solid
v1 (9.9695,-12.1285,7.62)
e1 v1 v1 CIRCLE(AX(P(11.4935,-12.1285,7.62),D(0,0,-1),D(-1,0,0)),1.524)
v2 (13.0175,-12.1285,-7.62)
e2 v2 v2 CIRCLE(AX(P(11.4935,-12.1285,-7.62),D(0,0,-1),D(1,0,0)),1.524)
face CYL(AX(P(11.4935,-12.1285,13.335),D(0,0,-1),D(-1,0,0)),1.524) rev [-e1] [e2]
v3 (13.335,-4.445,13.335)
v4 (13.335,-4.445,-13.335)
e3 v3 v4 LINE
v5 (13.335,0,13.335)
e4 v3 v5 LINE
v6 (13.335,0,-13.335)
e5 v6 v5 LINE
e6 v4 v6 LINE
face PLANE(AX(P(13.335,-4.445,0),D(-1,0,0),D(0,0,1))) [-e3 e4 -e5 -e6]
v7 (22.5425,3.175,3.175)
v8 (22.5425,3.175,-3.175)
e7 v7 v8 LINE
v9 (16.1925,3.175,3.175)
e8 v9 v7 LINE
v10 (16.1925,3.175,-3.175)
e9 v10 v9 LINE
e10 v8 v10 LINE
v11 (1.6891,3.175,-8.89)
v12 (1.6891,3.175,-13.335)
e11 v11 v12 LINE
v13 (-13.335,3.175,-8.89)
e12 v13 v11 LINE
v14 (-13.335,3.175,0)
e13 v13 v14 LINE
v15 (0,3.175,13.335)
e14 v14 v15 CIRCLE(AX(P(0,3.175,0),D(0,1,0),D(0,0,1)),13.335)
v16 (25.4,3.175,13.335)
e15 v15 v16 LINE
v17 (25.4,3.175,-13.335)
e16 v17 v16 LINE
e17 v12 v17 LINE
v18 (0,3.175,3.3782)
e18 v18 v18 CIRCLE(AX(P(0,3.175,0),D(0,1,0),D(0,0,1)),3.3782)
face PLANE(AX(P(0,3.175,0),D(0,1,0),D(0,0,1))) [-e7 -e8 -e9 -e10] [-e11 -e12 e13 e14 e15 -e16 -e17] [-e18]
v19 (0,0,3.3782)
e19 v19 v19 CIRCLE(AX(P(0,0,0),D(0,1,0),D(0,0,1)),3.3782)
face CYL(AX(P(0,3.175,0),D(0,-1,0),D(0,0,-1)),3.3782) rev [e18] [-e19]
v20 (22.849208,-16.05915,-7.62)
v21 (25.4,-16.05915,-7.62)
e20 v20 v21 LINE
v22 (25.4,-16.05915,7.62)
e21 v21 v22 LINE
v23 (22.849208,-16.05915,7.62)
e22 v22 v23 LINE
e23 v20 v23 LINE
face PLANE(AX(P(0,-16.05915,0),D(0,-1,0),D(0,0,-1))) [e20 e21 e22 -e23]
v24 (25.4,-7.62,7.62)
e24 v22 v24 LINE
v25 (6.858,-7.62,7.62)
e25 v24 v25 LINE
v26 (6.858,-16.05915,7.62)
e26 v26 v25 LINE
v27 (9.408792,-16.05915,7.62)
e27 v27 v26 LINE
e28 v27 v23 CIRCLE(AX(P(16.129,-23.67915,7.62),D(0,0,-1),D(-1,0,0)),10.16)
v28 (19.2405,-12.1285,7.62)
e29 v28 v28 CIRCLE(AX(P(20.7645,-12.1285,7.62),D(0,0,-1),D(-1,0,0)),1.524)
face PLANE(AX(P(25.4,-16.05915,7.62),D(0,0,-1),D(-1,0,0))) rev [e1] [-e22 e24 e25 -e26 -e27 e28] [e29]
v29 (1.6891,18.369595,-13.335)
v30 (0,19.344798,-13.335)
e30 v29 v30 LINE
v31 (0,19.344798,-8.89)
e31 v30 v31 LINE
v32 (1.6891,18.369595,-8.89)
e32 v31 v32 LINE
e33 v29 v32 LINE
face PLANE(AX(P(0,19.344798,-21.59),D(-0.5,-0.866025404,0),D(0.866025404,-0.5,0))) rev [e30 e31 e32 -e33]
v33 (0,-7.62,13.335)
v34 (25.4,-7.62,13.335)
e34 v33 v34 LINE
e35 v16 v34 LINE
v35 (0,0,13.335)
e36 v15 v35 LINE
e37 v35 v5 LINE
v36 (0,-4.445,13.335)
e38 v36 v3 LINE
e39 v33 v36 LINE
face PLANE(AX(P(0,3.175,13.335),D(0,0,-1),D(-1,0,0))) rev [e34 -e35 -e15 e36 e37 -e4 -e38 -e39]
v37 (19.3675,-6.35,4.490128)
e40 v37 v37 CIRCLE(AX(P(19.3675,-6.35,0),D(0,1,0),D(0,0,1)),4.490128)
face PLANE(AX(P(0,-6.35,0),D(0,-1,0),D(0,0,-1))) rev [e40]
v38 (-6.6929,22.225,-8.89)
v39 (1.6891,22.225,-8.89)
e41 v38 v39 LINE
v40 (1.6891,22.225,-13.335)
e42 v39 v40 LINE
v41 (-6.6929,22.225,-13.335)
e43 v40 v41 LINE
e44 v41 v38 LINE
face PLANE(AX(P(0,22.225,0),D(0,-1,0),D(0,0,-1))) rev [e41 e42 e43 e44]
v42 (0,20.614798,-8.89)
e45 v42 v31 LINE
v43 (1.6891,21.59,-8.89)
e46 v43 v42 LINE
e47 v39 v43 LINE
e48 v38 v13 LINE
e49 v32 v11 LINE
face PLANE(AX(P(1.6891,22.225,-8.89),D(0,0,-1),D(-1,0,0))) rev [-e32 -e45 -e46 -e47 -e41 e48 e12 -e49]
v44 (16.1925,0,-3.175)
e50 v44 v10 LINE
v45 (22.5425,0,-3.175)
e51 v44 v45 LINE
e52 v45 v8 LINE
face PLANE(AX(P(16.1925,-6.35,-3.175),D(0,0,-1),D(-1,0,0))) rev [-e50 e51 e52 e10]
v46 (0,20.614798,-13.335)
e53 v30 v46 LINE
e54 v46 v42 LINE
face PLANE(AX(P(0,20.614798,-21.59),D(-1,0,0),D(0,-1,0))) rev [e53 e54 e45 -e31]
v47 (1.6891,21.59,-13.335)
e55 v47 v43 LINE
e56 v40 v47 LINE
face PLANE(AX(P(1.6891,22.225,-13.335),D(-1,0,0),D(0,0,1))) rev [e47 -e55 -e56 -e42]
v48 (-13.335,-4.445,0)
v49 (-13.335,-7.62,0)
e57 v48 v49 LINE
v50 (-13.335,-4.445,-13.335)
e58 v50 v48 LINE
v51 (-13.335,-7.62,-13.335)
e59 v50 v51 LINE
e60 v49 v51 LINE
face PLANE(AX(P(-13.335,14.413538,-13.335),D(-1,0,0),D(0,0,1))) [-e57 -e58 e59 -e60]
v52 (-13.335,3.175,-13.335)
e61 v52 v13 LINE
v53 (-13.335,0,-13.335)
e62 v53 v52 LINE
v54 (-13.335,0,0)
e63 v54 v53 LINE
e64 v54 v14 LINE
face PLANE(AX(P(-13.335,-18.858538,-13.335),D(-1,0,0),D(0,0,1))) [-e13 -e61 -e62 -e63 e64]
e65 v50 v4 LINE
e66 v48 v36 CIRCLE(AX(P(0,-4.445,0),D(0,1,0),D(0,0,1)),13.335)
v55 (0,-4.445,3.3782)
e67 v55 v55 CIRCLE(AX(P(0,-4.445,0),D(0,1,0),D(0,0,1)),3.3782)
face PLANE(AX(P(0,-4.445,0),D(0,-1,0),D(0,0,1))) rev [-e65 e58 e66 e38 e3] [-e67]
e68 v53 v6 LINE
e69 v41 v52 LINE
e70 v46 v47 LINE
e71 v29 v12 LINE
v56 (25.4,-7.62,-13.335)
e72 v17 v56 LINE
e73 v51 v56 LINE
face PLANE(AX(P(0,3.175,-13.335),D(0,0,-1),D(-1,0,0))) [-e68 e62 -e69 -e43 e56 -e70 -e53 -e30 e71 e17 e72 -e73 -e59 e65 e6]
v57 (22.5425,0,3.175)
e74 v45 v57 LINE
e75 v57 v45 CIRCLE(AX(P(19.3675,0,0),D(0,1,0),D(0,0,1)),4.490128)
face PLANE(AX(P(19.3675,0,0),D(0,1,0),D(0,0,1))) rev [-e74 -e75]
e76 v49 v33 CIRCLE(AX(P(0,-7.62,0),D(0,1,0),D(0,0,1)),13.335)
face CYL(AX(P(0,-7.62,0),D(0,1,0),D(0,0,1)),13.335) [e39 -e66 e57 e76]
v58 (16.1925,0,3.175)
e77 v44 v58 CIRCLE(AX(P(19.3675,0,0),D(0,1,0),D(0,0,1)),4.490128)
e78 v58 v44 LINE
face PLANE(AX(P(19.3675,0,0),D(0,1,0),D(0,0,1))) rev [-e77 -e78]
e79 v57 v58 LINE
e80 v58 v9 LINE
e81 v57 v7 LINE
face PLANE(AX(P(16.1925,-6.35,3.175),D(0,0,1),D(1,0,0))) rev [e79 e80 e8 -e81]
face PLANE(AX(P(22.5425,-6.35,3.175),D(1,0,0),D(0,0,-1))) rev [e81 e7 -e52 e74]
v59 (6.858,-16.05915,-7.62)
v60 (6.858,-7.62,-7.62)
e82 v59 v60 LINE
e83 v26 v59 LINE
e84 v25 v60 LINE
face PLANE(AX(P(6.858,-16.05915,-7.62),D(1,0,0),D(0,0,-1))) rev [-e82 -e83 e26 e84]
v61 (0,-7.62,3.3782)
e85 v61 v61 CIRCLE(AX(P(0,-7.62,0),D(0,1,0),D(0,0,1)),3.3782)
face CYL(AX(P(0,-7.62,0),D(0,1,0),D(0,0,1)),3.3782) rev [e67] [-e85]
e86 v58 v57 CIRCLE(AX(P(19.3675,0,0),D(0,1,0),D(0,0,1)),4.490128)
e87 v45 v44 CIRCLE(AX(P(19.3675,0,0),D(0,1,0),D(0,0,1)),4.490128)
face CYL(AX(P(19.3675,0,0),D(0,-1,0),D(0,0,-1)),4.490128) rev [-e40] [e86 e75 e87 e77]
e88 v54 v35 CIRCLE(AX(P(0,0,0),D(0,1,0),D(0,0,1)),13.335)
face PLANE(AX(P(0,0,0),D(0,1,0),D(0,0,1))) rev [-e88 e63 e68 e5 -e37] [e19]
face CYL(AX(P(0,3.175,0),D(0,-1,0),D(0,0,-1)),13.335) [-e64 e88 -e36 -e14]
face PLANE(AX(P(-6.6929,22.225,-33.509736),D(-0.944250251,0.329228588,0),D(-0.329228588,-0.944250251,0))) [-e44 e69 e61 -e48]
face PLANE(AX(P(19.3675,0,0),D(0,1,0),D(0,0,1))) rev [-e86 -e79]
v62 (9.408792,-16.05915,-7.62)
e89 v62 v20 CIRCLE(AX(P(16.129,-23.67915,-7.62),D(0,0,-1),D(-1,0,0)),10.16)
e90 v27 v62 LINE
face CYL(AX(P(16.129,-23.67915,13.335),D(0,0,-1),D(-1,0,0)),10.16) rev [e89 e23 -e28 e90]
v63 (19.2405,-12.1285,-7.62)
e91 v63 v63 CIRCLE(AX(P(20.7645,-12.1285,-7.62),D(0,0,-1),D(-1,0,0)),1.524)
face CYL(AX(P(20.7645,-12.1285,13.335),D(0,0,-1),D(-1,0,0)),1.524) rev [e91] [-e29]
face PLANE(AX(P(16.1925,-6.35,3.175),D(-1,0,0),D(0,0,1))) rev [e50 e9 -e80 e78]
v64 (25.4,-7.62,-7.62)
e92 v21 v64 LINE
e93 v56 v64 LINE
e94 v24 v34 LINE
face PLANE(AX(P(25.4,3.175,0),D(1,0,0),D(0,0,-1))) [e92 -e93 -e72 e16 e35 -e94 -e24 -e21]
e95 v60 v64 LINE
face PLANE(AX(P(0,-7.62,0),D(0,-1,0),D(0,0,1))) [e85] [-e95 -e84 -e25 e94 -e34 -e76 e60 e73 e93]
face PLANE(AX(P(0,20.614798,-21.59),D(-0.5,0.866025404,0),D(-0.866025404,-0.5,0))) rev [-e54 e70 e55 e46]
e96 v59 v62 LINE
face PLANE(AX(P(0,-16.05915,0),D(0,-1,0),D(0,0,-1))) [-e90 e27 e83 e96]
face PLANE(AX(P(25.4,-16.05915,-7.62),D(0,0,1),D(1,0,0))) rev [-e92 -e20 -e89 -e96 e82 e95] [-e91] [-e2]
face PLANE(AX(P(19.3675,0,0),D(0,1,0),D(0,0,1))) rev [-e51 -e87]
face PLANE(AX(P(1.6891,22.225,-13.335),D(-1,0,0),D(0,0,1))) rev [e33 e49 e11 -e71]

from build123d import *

# Parameters (mm, degrees)
SKETCH1_R            = 3.3782
BOSS_EXTRUDE1_DEPTH  = 3.175
BOSS_EXTRUDE2_DEPTH  = 4.445
SKETCH7_W            = 18.542
SKETCH7_H            = 15.24
BOSS_EXTRUDE4_DEPTH  = 8.43915
SKETCH8_R            = 1.524
CUT_EXTRUDE3_DEPTH   = 21.955
SKETCH9_R            = 10.16
CUT_EXTRUDE4_DEPTH   = 21.955
SKETCH22_W           = 6.35
SKETCH22_H           = 6.35
CUT_EXTRUDE6_DEPTH   = 9.525
SKETCH23_R           = 4.490128061
CUT_EXTRUDE7_DEPTH   = 6.35
BOSS_EXTRUDE10_DEPTH = 3.175
BOSS_EXTRUDE11_DEPTH = 3.175
SKETCH19_W           = 8.382
SKETCH19_H           = 4.445
BOSS_EXTRUDE12_DEPTH = 19.05
BOSS_EXTRUDE13_DEPTH = 4.445
CUT_EXTRUDE5_DEPTH   = 12.7


with BuildPart() as part:
    # Sketch1 → Boss-Extrude1 (new body)
    with BuildSketch(Plane(origin=(0, 0, 0), x_dir=(1, 0, 0), z_dir=(0, 1, 0))):
        with BuildLine():
            Line((0, -13.335), (25.4, -13.335))
            Line((25.4, -13.335), (25.4, 13.335))
            Line((25.4, 13.335), (0, 13.335))
            ThreePointArc((0, 13.335), (-13.335, 0), (0, -13.335))
        make_face()
        Circle(SKETCH1_R, mode=Mode.SUBTRACT)
    boss_extrude1 = extrude(amount=BOSS_EXTRUDE1_DEPTH)

    # Sketch2 → Boss-Extrude2 (add)
    with BuildSketch(Plane(origin=(0, 0, 0), x_dir=(-1, 0, 0), z_dir=(0, -1, 0))):
        Polygon((-25.4, 13.335), (-25.4, -13.335), (-13.335, -13.335), (-13.335, 0), (-13.335, 13.335), align=None)
    extrude(amount=BOSS_EXTRUDE2_DEPTH)

    # Mirror2: Boss-Extrude1 across plane
    add(boss_extrude1.mirror(Plane(origin=(0, -2.2225, 0), x_dir=(0, 0, 1), z_dir=(0, -1, 0))))

    # Sketch7 → Boss-Extrude4 (add)
    with BuildSketch(Plane(origin=(0, -7.62, 0), x_dir=(-1, 0, 0), z_dir=(0, -1, 0))):
        with Locations((-16.129, 0)):
            Rectangle(SKETCH7_W, SKETCH7_H)
    extrude(amount=BOSS_EXTRUDE4_DEPTH)

    # Sketch8 → Cut-Extrude3 (cut, through all)
    with BuildSketch(Plane(origin=(0, 0, -7.62), x_dir=(-1, 0, 0), z_dir=(0, 0, -1))):
        with Locations((-20.7645, -12.1285)):
            Circle(SKETCH8_R)
        with Locations((-11.4935, -12.1285)):
            Circle(SKETCH8_R)
    extrude(amount=-CUT_EXTRUDE3_DEPTH, mode=Mode.SUBTRACT)

    # Sketch9 → Cut-Extrude4 (cut, through all)
    with BuildSketch(Plane(origin=(0, 0, -7.62), x_dir=(-1, 0, 0), z_dir=(0, 0, -1))):
        with Locations((-16.129, -23.67915)):
            Circle(SKETCH9_R)
    extrude(amount=-CUT_EXTRUDE4_DEPTH, mode=Mode.SUBTRACT)

    # Sketch22 → Cut-Extrude6 (cut)
    with BuildSketch(Plane(origin=(0, 3.175, 0), x_dir=(1, 0, 0), z_dir=(0, 1, 0))):
        with Locations((19.3675, 0)):
            Rectangle(SKETCH22_W, SKETCH22_H)
    extrude(amount=-CUT_EXTRUDE6_DEPTH, mode=Mode.SUBTRACT)

    # Sketch23 → Cut-Extrude7 (cut)
    with BuildSketch(Plane(origin=(0, -6.35, 0), x_dir=(1, 0, 0), z_dir=(0, 1, 0))):
        with Locations((19.3675, 0)):
            Circle(SKETCH23_R)
    extrude(amount=CUT_EXTRUDE7_DEPTH, mode=Mode.SUBTRACT)

    # Sketch16 → Boss-Extrude10 (add)
    with BuildSketch(Plane(origin=(0, 3.175, 0), x_dir=(1, 0, 0), z_dir=(0, 1, 0))):
        Polygon((0, 13.335), (-13.335, 0), (-13.335, 13.335), align=None)
    extrude(amount=-BOSS_EXTRUDE10_DEPTH)

    # Sketch17 → Boss-Extrude11 (add)
    with BuildSketch(Plane.XZ.offset(7.62)):
        Polygon((-13.335, -13.335), (-13.335, 0), (0, -13.335), align=None)
    extrude(amount=-BOSS_EXTRUDE11_DEPTH)

    # Sketch19 → Boss-Extrude12 (add)
    with BuildSketch(Plane(origin=(0, 3.175, 0), x_dir=(1, 0, 0), z_dir=(0, 1, 0))):
        with Locations((-2.5019, 11.1125)):
            Rectangle(SKETCH19_W, SKETCH19_H)
    extrude(amount=BOSS_EXTRUDE12_DEPTH)

    # Sketch20 → Boss-Extrude13 (add)
    with BuildSketch(Plane.XY.offset(-8.89)):
        Polygon((-6.6929, 22.225), (-13.335, 3.175), (-6.6929, 3.175), align=None)
    extrude(amount=-BOSS_EXTRUDE13_DEPTH)

    # Sketch21 → Cut-Extrude5 (cut)
    with BuildSketch(Plane.XY.offset(-8.89)):
        Polygon((0, 20.61479766), (1.6891, 21.59), (1.6891, 18.369595321), (0, 19.34479766), align=None)
    extrude(amount=-CUT_EXTRUDE5_DEPTH, mode=Mode.SUBTRACT)


solid = part.part
